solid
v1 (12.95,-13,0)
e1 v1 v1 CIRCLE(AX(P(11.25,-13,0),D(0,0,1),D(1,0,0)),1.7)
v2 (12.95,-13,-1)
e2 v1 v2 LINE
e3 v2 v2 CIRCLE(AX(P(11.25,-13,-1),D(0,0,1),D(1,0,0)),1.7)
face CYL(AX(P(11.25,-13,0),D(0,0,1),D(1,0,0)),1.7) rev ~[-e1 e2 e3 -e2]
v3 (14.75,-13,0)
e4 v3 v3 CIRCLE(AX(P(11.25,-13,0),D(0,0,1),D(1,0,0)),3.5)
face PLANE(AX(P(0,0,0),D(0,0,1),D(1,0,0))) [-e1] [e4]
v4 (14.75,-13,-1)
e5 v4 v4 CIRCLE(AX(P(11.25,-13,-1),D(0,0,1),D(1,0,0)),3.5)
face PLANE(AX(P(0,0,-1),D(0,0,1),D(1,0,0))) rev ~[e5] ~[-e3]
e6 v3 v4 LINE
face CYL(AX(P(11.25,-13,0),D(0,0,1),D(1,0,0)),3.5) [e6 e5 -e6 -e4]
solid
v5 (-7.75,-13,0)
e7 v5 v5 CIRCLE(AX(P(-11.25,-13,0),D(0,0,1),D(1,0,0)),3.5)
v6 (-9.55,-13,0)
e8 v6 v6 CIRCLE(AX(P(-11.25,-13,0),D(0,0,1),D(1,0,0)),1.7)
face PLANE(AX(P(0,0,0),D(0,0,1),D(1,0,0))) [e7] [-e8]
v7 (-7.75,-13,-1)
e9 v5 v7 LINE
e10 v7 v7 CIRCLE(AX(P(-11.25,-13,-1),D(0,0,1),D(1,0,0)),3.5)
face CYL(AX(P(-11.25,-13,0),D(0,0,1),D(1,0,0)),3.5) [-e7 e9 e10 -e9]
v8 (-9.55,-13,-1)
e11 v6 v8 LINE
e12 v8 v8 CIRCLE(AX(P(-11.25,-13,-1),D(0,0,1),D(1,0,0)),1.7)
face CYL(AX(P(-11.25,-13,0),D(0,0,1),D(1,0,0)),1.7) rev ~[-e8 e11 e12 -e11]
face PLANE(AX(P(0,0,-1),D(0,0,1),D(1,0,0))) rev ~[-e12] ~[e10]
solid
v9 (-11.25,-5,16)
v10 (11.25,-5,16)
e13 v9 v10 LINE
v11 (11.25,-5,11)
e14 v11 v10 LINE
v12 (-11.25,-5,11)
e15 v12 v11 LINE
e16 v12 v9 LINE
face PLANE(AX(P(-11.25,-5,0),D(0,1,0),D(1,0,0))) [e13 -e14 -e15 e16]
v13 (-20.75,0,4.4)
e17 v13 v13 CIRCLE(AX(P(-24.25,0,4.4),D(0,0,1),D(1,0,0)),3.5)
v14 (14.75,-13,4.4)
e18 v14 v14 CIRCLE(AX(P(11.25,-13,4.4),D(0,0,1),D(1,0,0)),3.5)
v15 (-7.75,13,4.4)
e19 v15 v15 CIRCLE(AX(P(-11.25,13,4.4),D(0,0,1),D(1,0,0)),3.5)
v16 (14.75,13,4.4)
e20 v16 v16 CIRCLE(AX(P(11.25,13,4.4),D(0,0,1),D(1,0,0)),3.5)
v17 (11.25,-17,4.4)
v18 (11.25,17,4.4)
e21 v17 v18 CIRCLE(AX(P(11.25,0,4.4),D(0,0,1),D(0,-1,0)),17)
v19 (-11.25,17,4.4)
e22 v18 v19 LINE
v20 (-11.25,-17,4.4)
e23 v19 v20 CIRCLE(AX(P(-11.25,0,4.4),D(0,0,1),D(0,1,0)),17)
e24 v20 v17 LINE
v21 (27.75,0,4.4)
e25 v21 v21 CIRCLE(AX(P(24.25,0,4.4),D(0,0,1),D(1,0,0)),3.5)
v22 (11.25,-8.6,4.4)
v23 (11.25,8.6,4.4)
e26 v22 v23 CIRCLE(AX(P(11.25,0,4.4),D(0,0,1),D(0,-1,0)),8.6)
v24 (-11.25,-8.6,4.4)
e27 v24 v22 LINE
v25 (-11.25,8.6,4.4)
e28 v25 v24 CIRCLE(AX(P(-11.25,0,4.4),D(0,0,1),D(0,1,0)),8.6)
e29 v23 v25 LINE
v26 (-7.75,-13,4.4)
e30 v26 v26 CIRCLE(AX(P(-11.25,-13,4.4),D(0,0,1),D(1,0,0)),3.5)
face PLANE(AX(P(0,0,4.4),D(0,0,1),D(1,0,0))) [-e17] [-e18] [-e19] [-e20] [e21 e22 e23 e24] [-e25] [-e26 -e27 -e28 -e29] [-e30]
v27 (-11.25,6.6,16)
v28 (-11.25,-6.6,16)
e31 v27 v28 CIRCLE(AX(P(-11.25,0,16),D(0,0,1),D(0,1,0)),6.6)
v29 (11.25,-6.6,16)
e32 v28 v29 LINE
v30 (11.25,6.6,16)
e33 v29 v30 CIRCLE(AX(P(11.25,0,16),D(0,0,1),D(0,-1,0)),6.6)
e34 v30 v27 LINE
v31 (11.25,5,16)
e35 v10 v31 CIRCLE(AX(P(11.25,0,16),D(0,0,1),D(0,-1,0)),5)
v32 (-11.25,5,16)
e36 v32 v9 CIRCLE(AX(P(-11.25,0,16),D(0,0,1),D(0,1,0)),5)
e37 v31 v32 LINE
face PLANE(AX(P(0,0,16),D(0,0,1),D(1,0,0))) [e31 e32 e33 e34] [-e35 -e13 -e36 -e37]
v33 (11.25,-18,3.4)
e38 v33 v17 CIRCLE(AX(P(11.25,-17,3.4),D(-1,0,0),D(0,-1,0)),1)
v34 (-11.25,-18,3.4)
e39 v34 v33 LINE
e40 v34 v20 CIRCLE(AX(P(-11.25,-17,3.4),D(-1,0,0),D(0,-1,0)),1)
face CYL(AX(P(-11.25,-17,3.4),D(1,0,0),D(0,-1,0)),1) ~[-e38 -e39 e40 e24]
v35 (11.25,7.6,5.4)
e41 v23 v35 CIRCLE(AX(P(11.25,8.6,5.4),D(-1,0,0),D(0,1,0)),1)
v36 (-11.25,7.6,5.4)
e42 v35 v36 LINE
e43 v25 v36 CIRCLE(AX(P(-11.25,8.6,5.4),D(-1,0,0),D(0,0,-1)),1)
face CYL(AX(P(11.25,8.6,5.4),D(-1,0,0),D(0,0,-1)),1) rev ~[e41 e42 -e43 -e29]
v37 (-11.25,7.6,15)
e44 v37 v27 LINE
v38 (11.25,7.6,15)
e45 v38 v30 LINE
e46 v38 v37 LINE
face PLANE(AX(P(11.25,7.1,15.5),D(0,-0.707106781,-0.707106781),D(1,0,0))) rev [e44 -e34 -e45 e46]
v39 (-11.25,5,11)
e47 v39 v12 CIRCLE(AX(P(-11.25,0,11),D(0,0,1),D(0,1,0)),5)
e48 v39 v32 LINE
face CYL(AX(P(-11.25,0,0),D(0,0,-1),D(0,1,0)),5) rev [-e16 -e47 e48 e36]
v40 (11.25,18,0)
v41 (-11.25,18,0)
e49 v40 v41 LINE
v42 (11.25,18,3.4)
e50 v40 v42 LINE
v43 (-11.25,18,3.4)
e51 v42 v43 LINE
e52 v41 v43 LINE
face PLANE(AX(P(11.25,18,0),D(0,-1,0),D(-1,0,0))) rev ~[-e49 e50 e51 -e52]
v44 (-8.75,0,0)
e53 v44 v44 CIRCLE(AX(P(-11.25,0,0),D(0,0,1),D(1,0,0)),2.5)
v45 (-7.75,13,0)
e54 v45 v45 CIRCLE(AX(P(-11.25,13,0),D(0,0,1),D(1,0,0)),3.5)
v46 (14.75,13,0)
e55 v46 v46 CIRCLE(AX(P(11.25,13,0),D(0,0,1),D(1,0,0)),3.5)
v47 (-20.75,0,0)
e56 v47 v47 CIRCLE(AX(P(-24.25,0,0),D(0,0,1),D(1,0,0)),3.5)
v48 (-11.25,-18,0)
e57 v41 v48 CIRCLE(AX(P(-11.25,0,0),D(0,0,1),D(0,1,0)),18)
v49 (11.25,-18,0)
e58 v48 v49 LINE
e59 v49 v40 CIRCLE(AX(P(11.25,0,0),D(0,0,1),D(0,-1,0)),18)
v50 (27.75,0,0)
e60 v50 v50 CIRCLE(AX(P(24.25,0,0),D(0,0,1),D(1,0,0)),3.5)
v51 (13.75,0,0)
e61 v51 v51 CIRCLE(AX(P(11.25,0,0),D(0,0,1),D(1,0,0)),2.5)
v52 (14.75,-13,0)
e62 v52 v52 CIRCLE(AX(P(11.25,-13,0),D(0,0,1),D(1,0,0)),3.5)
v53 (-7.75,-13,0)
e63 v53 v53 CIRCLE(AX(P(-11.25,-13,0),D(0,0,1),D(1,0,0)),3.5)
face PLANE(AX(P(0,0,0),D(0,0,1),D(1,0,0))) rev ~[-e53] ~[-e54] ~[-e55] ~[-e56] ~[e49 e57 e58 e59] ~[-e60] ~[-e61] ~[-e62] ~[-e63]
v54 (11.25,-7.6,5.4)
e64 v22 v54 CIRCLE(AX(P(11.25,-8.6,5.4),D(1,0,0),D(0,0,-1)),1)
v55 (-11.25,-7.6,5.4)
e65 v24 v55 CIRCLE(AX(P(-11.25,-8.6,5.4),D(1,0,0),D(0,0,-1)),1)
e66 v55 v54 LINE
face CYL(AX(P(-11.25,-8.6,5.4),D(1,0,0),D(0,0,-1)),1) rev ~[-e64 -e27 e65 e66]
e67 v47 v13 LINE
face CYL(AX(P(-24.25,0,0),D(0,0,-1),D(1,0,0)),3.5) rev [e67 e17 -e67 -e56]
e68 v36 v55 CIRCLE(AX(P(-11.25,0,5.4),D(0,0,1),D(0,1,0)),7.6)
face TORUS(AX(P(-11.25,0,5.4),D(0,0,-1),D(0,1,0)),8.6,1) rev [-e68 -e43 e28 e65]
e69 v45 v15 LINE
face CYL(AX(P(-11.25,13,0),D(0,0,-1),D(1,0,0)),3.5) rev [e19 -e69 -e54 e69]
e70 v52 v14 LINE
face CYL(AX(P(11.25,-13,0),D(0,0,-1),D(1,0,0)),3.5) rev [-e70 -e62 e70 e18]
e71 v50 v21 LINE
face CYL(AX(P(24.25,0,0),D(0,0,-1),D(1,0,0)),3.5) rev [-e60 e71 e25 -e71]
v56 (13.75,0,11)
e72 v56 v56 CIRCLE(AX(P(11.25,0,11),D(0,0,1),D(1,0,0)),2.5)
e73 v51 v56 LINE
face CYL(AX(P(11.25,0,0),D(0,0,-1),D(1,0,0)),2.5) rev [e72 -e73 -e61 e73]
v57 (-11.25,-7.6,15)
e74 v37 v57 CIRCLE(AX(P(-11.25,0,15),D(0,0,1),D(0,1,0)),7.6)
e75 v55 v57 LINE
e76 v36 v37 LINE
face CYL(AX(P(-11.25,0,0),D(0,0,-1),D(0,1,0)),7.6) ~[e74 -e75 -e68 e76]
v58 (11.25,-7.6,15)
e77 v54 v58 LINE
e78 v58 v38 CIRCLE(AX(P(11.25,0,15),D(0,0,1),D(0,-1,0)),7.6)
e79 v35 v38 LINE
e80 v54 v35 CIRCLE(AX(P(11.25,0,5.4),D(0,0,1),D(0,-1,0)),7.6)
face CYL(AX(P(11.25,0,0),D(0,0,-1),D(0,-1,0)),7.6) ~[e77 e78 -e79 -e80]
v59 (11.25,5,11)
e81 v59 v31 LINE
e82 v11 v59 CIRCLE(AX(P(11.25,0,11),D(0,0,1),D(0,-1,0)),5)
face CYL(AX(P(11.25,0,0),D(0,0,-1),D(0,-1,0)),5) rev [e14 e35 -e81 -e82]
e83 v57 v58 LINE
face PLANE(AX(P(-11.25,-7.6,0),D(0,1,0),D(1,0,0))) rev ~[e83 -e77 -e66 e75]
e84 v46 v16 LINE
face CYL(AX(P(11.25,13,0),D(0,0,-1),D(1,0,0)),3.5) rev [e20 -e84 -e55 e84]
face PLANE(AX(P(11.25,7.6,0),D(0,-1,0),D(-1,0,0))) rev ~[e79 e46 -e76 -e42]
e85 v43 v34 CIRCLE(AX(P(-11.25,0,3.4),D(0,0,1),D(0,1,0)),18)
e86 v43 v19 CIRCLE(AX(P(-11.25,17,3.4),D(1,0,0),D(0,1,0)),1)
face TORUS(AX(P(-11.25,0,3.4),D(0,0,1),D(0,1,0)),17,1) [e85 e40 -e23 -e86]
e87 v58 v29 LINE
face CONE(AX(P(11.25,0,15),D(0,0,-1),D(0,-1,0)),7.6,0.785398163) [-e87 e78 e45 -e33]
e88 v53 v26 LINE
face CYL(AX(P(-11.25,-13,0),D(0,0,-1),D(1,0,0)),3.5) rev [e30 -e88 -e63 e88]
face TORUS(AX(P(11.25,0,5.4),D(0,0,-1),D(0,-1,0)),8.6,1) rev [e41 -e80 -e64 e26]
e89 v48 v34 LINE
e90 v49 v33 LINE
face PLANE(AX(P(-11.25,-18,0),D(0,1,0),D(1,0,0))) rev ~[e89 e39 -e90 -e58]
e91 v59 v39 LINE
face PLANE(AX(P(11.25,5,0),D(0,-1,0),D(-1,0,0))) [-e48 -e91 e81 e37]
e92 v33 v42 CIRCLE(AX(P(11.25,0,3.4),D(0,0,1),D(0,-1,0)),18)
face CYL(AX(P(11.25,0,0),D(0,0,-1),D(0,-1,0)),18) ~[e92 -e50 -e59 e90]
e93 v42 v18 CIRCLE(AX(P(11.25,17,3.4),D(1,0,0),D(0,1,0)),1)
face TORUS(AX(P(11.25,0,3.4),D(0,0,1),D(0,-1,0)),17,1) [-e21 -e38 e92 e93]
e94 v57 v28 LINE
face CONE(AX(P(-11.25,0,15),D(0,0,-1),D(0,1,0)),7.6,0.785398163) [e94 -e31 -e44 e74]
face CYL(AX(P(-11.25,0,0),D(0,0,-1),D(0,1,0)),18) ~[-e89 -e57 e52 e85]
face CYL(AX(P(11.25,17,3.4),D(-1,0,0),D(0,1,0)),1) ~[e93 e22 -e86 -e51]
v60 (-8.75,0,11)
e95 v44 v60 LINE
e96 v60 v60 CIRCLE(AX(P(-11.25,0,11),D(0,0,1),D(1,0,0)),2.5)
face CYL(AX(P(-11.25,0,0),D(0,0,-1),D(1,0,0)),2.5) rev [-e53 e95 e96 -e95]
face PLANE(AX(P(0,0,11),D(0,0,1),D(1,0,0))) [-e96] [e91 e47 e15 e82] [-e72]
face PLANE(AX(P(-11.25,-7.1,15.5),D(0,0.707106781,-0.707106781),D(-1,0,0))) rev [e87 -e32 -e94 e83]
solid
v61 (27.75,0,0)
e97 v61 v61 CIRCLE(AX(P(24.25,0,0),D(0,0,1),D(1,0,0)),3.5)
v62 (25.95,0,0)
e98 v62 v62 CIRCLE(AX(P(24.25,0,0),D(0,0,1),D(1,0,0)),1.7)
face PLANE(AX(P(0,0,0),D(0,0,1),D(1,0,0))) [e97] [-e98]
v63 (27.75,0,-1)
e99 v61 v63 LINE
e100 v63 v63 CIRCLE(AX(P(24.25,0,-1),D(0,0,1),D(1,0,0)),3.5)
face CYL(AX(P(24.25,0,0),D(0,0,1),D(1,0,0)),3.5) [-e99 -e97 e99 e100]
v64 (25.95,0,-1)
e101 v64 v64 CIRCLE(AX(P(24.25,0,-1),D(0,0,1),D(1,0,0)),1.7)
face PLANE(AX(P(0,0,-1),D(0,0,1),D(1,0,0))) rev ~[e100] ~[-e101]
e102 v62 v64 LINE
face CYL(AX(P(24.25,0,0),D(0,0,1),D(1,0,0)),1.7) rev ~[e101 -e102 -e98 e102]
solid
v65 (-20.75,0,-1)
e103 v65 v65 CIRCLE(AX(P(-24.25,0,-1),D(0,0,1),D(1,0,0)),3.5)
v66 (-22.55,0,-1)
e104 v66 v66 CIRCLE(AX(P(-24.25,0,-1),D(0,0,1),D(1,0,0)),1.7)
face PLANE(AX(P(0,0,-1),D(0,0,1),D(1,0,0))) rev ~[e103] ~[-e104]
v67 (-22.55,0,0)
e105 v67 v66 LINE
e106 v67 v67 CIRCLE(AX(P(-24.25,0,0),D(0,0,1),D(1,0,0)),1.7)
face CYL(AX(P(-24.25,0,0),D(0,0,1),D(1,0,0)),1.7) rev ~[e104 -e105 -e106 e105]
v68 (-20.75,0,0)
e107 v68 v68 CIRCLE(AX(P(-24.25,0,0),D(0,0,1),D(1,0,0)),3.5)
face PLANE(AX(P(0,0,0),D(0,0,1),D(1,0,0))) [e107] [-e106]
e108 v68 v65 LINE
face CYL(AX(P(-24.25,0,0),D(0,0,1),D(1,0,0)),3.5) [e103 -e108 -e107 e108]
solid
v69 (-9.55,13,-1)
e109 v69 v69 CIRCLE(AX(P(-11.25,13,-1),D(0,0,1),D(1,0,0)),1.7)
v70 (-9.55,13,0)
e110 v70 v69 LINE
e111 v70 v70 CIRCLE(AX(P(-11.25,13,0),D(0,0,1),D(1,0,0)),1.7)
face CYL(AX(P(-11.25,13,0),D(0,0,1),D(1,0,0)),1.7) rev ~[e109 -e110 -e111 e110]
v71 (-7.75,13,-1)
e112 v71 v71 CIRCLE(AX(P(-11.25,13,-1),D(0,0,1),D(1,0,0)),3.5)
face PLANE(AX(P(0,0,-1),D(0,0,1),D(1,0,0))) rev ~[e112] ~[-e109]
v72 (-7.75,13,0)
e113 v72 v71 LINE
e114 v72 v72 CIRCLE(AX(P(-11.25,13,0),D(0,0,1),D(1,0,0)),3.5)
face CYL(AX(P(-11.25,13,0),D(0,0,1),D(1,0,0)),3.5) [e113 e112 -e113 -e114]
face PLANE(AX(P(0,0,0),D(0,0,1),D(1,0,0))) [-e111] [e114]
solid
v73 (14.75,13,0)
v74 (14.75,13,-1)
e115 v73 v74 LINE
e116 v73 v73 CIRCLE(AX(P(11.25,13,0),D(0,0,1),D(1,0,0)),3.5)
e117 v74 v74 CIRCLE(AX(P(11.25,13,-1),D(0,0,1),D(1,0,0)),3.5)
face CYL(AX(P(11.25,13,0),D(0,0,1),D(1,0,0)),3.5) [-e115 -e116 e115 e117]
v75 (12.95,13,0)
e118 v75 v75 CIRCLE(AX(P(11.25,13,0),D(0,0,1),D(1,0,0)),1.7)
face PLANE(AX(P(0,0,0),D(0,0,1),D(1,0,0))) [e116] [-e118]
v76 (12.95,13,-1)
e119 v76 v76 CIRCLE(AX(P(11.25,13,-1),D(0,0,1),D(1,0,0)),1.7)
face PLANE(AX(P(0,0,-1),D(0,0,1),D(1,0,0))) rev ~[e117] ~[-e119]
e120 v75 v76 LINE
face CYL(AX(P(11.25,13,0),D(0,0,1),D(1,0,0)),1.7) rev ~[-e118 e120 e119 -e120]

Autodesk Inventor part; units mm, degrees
ref_plane "YZ Plane" through (0, 0, 0) normal (1, 0, 0) x (0, 1, 0)
ref_plane "XZ Plane" through (0, 0, 0) normal (0, 1, 0) x (-1, 0, 0)
ref_plane "XY Plane" through (0, 0, 0) normal (0, 0, 1) x (1, 0, 0)
sketch "Boceto1" plane through (0, 0, 0) normal (0, 0, 1) x (1, 0, 0)
  line L0 (0, 50) -> (0, -50) construction
  line L1 (-50, 0) -> (50, 0) construction
  circle A0 centre (-11.25, 0) radius 2.5
  circle A1 centre (11.25, 0) radius 2.5
  line L2 (-11.25, 0) -> (11.25, 0) construction
  line L3 (-11.25, -5) -> (11.25, -5)
  line L4 (11.25, 5) -> (-11.25, 5)
  arc A2 (-11.25, 5) -> (-11.25, -5) centre (-11.25, 0) ccw
  arc A3 (11.25, -5) -> (11.25, 5) centre (11.25, 0) ccw
  line L5 (-11.25, 0) -> (11.25, 0) construction
  line L6 (-11.25, -7.6) -> (11.25, -7.6)
  line L7 (11.25, 7.6) -> (-11.25, 7.6)
  arc A4 (-11.25, 7.6) -> (-11.25, -7.6) centre (-11.25, 0) ccw
  arc A5 (11.25, -7.6) -> (11.25, 7.6) centre (11.25, 0) ccw
  line L8 (-11.25, 0) -> (11.25, 0) construction
  line L9 (-11.25, -13) -> (11.25, -13) construction
  line L10 (11.25, 13) -> (-11.25, 13) construction
  arc A6 (-11.25, 13) -> (-11.25, -13) centre (-11.25, 0) ccw construction
  arc A7 (11.25, -13) -> (11.25, 13) centre (11.25, 0) ccw construction
  line L11 (-11.25, 0) -> (11.25, 0) construction
  line L12 (-11.25, -18) -> (11.25, -18)
  line L13 (11.25, 18) -> (-11.25, 18)
  arc A8 (-11.25, 18) -> (-11.25, -18) centre (-11.25, 0) ccw
  arc A9 (11.25, -18) -> (11.25, 18) centre (11.25, 0) ccw
  circle A10 centre (-24.25, 0) radius 1.7
  circle A11 centre (-11.25, -13) radius 1.7
  circle A12 centre (11.25, -13) radius 1.7
  circle A13 centre (24.25, 0) radius 1.7
  circle A14 centre (11.25, 13) radius 1.7
  circle A15 centre (-11.25, 13) radius 1.7
  circle A16 centre (-11.25, 13) radius 3.5
  circle A17 centre (11.25, 13) radius 3.5
  circle A18 centre (24.25, 0) radius 3.5
  circle A19 centre (11.25, -13) radius 3.5
  circle A20 centre (-11.25, -13) radius 3.5
  circle A21 centre (-24.25, 0) radius 3.5
  point P0 (0, 0)
  point P1 (0, 0)
  point P2 (0, 0)
  point P3 (0, 0)
  point P4 (0, 0)
  dimension "d0" = 100
  dimension "d1" = 100
  dimension "d2" = 22.5
  dimension "d3" = 5
  dimension "d4" = 5
  dimension "d5" = 10
  dimension "d6" = 15.2
  dimension "d7" = 26
  dimension "d8" = 36
  dimension "d9" = 18
  dimension "d10" = 31
  dimension "d11" = 3.4
  dimension "d12" = 3.4
  dimension "d13" = 3.4
  dimension "d14" = 3.4
  dimension "d15" = 3.4
  dimension "d16" = 3.4
  dimension "d17" = 7
  dimension "d18" = 7
  dimension "d19" = 7
  dimension "d20" = 7
  dimension "d21" = 7
  dimension "d22" = 7
extrude "Extrusión1" add sketch "Boceto1" along normal blind 4.4 contours A8 L13 A9 L12
extrude "Extrusión2" add sketch "Boceto1" along normal blind 16 contours A4 L7 A5 L6
extrude "Extrusión3" add sketch "Boceto1" along normal blind 11 contours A2 L4 A3 L3
extrude "Extrusión4" add sketch "Boceto1" against normal blind 1 contours A10 | A12 | A14 | A15 | A16 | A17 | A18 | A19 | A20 | A21
extrude "Extrusión5" cut sketch "Boceto1" against normal blind 4 contours A10 | A12 | A14 | A15
fillet "Empalme1" radius 1 8 edges at (0, -7.6, 4.4) (-18.85, 0, 4.4) (0, 7.6, 4.4) (18.85, 0, 4.4) (0, 18, 4.4) (-29.25, 0, 4.4) (0, -18, 4.4) (29.25, 0, 4.4)
chamfer "Chaflán1" distance 1 angle 45 4 edges at (0, 7.6, 16) (-18.85, 0, 16) (0, -7.6, 16) (18.85, 0, 16)
properties part number "ensayo6"
